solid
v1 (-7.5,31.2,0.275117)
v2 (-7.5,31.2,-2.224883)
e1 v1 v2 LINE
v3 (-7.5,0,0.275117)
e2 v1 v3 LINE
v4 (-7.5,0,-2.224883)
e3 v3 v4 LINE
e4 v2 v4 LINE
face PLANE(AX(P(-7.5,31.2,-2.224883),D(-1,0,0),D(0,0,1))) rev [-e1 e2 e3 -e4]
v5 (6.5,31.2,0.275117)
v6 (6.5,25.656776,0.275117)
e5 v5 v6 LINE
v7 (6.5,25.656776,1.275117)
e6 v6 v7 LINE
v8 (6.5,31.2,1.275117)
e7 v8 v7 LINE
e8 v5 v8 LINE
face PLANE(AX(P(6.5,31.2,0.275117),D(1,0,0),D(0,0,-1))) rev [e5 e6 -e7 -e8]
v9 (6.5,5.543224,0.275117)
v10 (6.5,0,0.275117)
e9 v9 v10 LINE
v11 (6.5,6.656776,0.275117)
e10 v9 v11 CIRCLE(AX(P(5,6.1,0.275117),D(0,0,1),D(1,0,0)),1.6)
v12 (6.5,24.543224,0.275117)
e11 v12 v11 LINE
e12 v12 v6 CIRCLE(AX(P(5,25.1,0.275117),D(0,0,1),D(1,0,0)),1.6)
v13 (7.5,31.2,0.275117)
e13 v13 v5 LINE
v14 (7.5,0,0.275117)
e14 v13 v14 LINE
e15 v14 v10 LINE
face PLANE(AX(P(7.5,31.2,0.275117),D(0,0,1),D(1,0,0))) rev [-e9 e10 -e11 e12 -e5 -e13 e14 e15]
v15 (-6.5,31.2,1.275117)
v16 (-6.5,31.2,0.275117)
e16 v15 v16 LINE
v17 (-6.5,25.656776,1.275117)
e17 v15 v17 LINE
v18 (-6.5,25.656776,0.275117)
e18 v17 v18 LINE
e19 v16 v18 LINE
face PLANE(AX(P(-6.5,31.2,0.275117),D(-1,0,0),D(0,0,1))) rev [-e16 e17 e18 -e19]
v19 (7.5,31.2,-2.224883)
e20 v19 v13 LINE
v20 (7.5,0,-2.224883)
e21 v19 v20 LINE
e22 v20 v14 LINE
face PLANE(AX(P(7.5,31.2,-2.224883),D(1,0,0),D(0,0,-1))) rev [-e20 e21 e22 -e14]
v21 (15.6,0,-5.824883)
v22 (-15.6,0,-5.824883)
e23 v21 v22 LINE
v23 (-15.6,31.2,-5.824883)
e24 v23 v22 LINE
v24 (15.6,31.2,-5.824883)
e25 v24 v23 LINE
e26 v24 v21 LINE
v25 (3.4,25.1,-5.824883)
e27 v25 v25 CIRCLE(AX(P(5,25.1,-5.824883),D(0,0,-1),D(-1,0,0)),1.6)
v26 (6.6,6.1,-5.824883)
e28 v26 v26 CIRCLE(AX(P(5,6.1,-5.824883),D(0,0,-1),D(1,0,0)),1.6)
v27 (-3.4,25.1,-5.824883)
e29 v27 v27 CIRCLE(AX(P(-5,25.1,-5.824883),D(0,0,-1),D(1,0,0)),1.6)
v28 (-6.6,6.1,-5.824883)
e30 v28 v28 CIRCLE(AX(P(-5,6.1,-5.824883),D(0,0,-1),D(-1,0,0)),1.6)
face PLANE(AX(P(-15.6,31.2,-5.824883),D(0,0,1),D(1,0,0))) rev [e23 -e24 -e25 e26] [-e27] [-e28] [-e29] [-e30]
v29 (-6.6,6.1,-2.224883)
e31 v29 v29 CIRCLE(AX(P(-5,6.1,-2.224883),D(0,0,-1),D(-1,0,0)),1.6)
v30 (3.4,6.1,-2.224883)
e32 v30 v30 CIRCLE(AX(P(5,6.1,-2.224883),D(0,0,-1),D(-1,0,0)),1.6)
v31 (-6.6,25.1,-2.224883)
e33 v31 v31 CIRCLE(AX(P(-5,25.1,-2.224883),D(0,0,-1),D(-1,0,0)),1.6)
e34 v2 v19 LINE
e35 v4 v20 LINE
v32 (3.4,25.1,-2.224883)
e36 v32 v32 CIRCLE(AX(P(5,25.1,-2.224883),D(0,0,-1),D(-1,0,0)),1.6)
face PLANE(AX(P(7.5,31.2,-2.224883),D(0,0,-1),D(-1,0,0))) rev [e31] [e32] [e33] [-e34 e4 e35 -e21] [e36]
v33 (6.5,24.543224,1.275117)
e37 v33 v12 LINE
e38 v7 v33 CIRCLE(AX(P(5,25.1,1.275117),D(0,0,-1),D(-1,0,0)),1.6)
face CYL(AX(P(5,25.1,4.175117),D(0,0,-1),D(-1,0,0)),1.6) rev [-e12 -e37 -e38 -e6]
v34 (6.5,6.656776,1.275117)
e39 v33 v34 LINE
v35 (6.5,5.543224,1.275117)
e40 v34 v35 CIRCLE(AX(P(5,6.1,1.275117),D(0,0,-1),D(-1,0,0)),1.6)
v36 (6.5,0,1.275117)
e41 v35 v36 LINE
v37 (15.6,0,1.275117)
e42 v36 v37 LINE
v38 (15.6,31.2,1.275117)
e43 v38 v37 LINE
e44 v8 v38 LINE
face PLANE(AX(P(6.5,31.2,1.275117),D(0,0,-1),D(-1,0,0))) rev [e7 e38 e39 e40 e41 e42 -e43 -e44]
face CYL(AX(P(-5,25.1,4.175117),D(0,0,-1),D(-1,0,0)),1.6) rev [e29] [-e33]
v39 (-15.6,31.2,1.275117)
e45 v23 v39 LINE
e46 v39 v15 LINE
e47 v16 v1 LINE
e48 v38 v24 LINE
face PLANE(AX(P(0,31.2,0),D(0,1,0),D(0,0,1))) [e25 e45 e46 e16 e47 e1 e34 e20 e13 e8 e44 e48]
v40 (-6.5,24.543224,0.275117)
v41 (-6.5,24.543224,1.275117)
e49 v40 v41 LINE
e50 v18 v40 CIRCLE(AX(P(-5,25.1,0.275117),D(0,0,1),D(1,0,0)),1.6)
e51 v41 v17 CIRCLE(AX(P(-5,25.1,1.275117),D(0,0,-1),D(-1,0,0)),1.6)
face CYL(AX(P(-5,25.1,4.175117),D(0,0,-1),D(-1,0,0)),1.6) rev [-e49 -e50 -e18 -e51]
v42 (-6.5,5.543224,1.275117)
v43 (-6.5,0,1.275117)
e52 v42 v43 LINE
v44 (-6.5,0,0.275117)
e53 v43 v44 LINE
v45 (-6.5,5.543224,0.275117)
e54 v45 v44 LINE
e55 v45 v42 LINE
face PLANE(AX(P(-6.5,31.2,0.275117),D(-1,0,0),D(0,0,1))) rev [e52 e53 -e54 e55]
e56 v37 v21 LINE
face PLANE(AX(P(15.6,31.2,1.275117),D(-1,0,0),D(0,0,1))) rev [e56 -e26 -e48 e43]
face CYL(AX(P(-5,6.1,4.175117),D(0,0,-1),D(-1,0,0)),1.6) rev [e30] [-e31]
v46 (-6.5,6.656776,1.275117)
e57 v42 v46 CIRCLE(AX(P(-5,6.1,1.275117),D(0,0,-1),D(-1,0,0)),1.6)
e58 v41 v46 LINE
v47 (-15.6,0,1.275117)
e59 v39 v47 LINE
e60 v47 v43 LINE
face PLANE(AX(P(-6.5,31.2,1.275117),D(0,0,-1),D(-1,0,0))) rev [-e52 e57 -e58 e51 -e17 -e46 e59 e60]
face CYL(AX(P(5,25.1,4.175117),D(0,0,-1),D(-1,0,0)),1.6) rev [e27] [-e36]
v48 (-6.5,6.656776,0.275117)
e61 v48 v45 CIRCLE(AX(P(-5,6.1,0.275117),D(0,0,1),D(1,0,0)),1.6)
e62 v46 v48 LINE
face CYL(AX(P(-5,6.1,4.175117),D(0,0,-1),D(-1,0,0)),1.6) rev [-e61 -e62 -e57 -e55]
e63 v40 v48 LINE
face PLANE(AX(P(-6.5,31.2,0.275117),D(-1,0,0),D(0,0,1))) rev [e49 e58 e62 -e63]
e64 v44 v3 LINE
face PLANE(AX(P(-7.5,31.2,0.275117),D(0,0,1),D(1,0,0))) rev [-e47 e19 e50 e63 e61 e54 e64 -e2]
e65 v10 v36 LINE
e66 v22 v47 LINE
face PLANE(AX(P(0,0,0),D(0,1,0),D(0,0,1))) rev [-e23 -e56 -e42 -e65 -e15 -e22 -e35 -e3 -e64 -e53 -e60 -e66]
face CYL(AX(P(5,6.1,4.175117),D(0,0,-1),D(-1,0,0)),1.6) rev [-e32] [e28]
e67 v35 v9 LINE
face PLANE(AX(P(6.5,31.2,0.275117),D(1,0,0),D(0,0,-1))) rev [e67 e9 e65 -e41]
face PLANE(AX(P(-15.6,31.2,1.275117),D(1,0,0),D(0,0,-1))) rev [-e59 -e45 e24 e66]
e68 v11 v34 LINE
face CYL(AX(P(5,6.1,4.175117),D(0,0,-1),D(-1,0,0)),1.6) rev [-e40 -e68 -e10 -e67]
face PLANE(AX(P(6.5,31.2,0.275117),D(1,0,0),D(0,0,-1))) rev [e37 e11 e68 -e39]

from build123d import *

# Parameters (mm, degrees)
EXTRUDE_1_DEPTH     = 31.2
SKETCH_2_R          = 1.6
CUT_EXTRUDE_1_DEPTH = 10


with BuildPart() as part:
    # 草图1 → 凸台-拉伸1 (new body)
    with BuildSketch(Plane(origin=(0, 0, 0), x_dir=(1, 0, 0), z_dir=(0, 1, 0))):
        Polygon((-7.5, -0.275116875), (-6.5, -0.275116875), (-6.5, -1.275116875), (-15.6, -1.275116875), (-15.6, 5.824883125), (15.6, 5.824883125), (15.6, -1.275116875), (6.5, -1.275116875), (6.5, -0.275116875), (7.5, -0.275116875), (7.5, 2.224883125), (-7.5, 2.224883125), align=None)
    extrude(amount=EXTRUDE_1_DEPTH)

    # 草图2 → 切除-拉伸1 (cut)
    with BuildSketch(Plane(origin=(0, 0, -5.824883125), x_dir=(-1, 0, 0), z_dir=(0, 0, -1))):
        with Locations((-5, 25.1)):
            Circle(SKETCH_2_R)
        with Locations((5, 25.1)):
            Circle(SKETCH_2_R)
        with Locations((5, 6.1)):
            Circle(SKETCH_2_R)
        with Locations((-5, 6.1)):
            Circle(SKETCH_2_R)
    extrude(amount=-CUT_EXTRUDE_1_DEPTH, mode=Mode.SUBTRACT)


solid = part.part
